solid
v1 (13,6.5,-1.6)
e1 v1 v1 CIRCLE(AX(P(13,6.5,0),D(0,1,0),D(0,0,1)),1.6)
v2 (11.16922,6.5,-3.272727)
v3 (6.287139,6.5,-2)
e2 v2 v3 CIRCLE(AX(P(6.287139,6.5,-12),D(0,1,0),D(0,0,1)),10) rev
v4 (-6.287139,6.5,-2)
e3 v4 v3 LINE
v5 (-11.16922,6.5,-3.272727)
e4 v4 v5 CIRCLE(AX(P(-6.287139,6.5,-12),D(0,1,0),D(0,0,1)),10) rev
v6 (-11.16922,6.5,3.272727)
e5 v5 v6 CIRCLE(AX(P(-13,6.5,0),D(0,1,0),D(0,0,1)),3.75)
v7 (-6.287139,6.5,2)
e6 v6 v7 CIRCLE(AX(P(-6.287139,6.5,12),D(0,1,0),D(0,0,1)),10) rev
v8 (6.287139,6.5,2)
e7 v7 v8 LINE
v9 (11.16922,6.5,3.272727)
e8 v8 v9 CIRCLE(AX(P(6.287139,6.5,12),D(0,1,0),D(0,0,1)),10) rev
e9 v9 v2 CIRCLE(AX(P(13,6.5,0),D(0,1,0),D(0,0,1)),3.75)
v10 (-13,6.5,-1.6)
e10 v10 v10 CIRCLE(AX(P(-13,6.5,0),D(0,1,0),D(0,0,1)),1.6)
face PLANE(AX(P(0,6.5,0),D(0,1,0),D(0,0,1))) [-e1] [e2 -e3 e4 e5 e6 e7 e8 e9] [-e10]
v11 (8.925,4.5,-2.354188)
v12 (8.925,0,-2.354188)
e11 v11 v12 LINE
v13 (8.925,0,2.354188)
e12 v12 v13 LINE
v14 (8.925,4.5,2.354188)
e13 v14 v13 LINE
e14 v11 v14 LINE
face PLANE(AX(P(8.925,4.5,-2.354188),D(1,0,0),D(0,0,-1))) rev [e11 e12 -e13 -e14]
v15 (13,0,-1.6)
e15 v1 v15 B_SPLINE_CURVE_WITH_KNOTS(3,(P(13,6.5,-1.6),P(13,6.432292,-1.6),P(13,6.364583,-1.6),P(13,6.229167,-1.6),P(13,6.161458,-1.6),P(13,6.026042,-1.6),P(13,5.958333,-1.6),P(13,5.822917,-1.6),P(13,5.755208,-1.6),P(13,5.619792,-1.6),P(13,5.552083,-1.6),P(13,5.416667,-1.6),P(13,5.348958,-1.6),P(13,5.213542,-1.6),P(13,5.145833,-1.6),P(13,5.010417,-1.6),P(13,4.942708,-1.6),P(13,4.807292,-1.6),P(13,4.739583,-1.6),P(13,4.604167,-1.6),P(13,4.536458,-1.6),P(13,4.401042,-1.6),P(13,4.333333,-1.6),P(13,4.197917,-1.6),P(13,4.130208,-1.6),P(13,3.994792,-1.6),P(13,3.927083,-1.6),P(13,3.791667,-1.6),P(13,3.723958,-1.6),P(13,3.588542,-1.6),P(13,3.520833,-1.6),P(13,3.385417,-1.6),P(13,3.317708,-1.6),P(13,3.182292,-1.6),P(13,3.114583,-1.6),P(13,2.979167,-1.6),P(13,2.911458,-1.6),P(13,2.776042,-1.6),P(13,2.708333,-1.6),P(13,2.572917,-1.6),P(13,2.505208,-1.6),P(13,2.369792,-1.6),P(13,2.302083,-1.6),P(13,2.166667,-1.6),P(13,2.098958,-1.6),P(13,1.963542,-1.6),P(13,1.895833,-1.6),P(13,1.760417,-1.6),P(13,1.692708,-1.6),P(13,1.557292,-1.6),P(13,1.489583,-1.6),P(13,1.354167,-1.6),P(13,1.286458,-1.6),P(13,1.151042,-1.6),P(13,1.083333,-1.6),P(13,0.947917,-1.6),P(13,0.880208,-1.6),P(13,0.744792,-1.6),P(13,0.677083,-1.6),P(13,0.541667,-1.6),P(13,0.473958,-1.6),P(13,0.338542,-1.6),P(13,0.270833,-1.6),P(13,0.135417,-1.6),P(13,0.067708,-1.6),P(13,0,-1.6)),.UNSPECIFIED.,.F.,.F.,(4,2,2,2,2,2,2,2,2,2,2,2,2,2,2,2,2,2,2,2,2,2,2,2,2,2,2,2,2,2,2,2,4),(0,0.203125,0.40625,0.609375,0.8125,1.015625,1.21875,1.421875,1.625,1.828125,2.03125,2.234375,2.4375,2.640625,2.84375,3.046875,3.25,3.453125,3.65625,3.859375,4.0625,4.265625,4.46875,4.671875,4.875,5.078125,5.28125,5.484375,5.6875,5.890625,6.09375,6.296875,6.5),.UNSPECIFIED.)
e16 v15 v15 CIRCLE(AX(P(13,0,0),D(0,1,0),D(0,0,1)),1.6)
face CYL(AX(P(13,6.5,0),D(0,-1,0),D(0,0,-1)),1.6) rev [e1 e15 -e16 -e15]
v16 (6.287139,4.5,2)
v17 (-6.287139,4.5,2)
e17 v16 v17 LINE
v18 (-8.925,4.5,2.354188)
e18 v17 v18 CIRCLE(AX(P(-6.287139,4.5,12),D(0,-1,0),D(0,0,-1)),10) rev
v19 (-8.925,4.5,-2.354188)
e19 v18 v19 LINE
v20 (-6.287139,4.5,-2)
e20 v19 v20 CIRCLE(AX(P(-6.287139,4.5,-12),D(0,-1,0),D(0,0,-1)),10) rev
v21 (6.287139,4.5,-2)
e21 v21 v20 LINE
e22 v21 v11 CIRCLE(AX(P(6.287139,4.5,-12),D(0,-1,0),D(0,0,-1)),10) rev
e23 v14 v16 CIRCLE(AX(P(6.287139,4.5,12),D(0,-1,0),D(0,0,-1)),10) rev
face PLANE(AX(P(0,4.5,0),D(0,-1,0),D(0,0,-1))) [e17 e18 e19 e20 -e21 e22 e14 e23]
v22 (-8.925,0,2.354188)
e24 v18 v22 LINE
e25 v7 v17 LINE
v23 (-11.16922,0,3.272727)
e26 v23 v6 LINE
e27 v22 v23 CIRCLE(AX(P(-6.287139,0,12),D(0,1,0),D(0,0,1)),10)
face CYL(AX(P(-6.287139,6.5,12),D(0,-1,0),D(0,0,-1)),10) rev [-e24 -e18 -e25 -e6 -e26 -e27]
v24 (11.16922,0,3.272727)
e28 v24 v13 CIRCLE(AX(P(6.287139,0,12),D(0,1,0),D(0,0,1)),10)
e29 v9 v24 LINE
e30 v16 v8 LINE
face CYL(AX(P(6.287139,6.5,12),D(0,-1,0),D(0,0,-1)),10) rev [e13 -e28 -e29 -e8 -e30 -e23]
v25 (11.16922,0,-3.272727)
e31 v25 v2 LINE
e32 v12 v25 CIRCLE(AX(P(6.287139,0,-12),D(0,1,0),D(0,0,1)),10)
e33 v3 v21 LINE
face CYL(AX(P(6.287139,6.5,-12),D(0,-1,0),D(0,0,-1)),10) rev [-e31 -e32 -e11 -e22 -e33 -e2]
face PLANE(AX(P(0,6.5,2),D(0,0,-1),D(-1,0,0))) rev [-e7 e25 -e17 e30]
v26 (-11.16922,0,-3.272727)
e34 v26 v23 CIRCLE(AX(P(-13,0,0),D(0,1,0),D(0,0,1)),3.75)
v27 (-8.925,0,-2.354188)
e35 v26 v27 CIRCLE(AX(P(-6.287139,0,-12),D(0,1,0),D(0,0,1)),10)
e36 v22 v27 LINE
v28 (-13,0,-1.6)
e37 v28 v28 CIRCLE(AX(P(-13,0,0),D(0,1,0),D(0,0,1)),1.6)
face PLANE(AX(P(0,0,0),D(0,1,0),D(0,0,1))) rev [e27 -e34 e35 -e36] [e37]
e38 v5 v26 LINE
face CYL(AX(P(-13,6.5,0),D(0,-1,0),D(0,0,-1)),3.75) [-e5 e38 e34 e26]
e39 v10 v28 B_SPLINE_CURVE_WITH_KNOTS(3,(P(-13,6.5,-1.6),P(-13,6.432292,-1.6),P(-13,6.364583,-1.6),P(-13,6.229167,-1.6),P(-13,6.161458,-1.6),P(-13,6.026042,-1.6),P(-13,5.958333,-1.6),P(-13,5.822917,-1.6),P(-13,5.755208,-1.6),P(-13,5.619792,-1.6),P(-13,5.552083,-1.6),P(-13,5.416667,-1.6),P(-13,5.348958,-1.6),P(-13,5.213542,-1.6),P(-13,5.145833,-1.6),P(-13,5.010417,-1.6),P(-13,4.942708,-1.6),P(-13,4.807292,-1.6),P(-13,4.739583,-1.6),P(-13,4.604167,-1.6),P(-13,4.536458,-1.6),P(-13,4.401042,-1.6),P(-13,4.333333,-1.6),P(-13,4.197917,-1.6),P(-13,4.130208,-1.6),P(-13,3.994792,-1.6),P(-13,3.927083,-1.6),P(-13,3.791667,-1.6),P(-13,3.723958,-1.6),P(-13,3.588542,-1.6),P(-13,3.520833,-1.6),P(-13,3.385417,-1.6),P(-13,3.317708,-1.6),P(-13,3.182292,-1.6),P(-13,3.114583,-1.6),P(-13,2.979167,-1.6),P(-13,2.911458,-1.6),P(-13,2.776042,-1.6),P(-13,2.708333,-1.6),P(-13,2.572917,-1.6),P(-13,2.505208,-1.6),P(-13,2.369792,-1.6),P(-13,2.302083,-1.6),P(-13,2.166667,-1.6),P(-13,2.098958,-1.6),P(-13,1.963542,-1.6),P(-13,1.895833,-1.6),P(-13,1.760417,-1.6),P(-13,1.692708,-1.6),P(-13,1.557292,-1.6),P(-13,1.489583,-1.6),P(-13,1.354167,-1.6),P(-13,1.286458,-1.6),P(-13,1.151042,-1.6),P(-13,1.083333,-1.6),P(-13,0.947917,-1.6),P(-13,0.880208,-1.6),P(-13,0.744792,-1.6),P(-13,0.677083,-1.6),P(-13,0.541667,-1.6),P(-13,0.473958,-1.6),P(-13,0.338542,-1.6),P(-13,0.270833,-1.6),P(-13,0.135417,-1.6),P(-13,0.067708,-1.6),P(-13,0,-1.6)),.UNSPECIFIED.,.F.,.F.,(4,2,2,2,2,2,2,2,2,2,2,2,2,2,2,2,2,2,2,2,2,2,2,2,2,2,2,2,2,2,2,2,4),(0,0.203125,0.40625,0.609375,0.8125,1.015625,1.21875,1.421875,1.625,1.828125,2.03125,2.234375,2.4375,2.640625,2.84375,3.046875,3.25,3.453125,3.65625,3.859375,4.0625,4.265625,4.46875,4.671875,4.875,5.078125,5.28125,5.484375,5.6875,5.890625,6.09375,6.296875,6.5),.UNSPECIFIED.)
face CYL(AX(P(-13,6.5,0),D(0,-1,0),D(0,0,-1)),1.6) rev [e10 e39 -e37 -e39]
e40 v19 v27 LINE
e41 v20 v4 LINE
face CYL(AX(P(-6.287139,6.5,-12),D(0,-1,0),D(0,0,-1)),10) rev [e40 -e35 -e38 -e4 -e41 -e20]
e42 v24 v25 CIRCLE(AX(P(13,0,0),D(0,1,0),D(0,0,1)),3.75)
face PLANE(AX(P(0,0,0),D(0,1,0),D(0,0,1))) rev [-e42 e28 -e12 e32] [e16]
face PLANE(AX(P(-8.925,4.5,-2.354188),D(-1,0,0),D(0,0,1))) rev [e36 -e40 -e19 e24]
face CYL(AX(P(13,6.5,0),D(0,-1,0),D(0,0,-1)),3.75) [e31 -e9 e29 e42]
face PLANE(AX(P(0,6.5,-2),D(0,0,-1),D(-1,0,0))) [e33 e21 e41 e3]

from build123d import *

# Parameters (mm, degrees)
SKETCH1_R           = 1.6
BOSS_EXTRUDE1_DEPTH = 6.5
FILLET1_R           = 10
SKETCH2_W           = 17.85
SKETCH2_H           = 4.708375864
CUT_EXTRUDE1_DEPTH  = 4.5


with BuildPart() as part:
    # Sketch1 → Boss-Extrude1 (new body)
    with BuildSketch(Plane(origin=(0, 0, 0), x_dir=(1, 0, 0), z_dir=(0, 1, 0))):
        with BuildLine():
            Line((9.827855615, 2), (-9.827855615, 2))
            ThreePointArc((-9.827855615, 2), (-16.75, 0), (-9.827855615, -2))
            Line((-9.827855615, -2), (9.827855615, -2))
            ThreePointArc((9.827855615, -2), (16.75, 0), (9.827855615, 2))
        make_face()
        with Locations(Location((-13, 0, 0), (0, 0, 90))):
            Circle(SKETCH1_R, mode=Mode.SUBTRACT)
        with Locations(Location((13, 0, 0), (0, 0, 90))):
            Circle(SKETCH1_R, mode=Mode.SUBTRACT)
    extrude(amount=BOSS_EXTRUDE1_DEPTH)

    # Fillet1
    fillet1_edges = [part.edges().sort_by_distance(p)[0] for p in [
        (-9.827855615, 3.25, -2),
        (9.827855615, 3.25, -2),
        (9.827855615, 3.25, 2),
        (-9.827855615, 3.25, 2),
    ]]
    fillet(fillet1_edges, radius=FILLET1_R)

    # Sketch2 → Cut-Extrude1 (cut)
    with BuildSketch(Plane(origin=(0, 0, 0), x_dir=(-1, 0, 0), z_dir=(0, -1, 0))):
        Rectangle(SKETCH2_W, SKETCH2_H)
    extrude(amount=-CUT_EXTRUDE1_DEPTH, mode=Mode.SUBTRACT)


solid = part.part
